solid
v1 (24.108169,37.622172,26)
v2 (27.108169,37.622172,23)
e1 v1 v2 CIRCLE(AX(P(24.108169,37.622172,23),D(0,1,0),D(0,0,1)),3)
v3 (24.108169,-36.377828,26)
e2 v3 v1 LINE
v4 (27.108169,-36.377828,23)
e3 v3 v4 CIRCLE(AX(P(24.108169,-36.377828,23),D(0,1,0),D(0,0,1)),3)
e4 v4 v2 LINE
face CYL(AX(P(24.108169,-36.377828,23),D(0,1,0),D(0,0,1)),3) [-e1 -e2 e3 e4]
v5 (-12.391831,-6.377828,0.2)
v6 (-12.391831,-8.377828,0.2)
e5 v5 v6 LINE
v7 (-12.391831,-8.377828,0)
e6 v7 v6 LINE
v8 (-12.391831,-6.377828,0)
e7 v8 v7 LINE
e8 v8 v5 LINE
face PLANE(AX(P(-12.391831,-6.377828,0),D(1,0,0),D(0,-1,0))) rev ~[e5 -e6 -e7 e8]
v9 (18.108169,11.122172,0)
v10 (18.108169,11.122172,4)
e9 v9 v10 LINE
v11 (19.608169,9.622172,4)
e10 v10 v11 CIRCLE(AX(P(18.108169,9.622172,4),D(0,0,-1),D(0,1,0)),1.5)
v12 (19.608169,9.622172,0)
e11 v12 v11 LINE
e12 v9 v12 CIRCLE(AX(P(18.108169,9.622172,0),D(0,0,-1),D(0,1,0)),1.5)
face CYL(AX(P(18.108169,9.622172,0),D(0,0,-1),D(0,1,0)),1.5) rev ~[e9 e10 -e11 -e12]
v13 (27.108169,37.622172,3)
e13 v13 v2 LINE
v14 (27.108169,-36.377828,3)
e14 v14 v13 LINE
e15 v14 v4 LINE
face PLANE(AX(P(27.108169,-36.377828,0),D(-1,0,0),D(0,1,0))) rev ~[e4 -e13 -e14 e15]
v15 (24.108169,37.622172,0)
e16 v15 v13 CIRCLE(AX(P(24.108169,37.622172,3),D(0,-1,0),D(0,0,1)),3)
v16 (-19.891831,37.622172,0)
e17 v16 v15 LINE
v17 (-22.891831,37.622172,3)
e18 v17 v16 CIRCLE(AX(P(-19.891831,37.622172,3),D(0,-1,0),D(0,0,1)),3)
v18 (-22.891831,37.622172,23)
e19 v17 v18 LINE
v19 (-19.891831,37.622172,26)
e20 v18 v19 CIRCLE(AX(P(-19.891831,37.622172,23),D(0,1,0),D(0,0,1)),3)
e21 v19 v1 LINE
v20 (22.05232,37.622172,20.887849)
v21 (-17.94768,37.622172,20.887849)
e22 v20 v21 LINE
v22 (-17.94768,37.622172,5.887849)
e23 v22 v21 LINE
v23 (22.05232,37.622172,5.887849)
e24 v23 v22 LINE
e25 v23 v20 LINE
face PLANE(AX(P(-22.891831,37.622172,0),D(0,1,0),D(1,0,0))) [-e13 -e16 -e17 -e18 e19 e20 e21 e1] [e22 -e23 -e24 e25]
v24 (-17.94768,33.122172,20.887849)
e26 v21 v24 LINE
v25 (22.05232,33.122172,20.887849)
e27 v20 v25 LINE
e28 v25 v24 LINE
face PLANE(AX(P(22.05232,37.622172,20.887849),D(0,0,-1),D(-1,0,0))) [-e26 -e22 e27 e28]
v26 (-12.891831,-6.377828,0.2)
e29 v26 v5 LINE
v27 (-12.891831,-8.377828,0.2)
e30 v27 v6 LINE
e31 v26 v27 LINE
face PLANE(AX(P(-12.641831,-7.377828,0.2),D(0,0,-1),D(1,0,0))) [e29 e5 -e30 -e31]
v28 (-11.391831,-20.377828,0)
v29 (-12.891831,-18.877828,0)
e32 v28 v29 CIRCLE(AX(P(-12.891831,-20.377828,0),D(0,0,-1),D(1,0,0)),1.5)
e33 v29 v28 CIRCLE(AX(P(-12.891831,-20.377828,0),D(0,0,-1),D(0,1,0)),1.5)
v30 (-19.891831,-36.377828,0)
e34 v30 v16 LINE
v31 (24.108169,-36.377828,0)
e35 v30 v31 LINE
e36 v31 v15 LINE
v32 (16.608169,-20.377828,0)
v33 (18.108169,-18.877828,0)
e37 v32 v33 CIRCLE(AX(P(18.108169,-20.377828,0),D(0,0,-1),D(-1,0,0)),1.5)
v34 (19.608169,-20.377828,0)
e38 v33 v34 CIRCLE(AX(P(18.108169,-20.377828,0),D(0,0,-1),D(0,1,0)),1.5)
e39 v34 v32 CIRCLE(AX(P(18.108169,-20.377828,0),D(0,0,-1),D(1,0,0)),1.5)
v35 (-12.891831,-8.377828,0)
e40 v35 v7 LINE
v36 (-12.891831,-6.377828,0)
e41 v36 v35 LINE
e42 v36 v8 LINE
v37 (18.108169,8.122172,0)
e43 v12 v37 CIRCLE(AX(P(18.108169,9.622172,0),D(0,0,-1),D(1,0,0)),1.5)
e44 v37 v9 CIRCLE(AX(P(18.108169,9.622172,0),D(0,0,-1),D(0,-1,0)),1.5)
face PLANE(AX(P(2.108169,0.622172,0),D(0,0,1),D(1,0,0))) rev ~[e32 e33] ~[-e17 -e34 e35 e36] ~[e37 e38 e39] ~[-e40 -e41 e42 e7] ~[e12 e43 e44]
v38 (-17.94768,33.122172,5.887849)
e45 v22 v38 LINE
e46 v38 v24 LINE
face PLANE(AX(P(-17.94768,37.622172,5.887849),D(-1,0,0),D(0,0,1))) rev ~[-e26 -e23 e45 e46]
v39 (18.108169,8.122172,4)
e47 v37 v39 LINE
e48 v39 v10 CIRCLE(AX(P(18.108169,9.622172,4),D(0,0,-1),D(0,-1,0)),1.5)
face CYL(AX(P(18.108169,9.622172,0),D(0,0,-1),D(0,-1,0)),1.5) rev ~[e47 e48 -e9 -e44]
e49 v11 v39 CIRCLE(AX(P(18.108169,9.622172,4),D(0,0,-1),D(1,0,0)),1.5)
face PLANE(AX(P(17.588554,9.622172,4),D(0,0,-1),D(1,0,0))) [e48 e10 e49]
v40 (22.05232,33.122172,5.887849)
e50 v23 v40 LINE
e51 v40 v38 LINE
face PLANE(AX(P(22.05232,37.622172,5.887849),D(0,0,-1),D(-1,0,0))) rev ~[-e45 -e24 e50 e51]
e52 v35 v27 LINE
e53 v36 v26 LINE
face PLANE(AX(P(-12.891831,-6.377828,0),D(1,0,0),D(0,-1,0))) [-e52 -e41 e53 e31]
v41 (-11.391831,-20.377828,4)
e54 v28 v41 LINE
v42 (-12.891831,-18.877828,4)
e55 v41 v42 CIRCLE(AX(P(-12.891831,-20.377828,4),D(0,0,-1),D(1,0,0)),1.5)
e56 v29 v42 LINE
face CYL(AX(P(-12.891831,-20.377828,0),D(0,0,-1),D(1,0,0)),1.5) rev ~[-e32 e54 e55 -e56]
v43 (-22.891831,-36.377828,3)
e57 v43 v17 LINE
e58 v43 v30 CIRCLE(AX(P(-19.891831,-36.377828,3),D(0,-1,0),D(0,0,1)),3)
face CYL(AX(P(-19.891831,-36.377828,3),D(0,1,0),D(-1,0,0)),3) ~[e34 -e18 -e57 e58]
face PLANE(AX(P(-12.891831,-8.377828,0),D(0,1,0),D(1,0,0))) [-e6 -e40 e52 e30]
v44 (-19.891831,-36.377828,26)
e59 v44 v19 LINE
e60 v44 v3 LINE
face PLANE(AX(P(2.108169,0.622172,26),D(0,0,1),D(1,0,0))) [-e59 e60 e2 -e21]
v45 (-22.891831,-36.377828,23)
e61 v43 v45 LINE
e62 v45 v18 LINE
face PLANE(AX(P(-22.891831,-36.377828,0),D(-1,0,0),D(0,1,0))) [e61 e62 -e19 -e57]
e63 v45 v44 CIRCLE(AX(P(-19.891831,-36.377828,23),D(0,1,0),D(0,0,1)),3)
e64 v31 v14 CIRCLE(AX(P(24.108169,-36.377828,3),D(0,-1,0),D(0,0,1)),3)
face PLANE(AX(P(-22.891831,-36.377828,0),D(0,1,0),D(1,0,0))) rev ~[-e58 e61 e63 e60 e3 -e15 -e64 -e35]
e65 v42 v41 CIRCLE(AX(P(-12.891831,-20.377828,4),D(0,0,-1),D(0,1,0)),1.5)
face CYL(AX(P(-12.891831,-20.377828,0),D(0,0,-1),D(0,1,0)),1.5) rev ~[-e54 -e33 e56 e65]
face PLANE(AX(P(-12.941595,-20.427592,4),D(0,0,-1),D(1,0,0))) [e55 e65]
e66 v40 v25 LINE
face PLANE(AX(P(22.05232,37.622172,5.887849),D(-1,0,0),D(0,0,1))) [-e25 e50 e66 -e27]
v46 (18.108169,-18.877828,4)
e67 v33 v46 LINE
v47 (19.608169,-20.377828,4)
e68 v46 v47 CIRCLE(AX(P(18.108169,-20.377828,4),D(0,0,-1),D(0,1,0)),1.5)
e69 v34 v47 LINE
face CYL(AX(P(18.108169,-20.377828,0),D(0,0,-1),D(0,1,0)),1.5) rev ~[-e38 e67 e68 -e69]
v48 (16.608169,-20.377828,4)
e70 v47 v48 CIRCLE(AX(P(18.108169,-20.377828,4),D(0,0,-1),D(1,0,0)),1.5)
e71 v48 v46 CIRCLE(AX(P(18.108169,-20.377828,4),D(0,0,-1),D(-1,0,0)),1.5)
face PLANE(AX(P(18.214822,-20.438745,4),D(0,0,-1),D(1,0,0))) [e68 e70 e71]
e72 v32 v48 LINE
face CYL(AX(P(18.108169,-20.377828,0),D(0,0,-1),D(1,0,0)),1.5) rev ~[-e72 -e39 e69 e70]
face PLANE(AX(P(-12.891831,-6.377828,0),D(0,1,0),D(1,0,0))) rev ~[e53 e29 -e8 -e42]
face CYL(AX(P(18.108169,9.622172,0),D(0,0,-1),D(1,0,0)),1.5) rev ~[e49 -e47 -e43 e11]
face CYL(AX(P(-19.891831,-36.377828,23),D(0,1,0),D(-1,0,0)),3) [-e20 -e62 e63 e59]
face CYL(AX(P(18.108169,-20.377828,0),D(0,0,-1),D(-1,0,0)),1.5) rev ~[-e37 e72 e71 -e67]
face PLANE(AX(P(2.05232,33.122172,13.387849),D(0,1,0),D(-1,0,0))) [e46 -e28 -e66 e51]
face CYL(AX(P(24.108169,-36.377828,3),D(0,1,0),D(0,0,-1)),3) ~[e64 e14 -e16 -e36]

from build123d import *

# Parameters (mm, degrees)
F0_W     = 50
F0_H     = 74
F1_DEPTH = 26
F2_W     = 40
F2_H     = 15
F3_DEPTH = 4.5
F5_R     = 3
F6_DEPTH = 4
F4_W     = 0.5
F4_H     = 2
F7_DEPTH = 0.2


with BuildPart() as f1:
    # F0 (on Top) → F1 (new body)
    with BuildSketch(Plane.XY):
        with Locations((2.1081687883, 0.6221723649)):
            Rectangle(F0_W, F0_H)
    extrude(amount=F1_DEPTH)

    # F2 (on face) → F3 (cut)
    with BuildSketch(Plane(origin=(0, 37.6221723649, 0), x_dir=(-1, 0, 0), z_dir=(0, 1, 0))):
        with Locations((-2.0523197204, 13.3878487907)):
            Rectangle(F2_W, F2_H)
    extrude(amount=-F3_DEPTH, mode=Mode.SUBTRACT)

    # F5
    f5_edges = [f1.edges().sort_by_distance(p)[0] for p in [
        (27.108169, 0.622172, 0),
        (27.108169, 0.622172, 26),
        (-22.891831, 0.622172, 0),
        (-22.891831, 0.622172, 26),
    ]]
    fillet(f5_edges, radius=F5_R)

    # F4 (on face) → F6 (cut)
    with BuildSketch(Plane(origin=(0, 0, 0), x_dir=(1, 0, 0), z_dir=(0, 0, -1))):
        with BuildLine():
            Line((18.1081687883, 20.3778276351), (18.1081687883, 18.8778276351))
            ThreePointArc((18.1081687883, 18.8778276351), (19.16882896, 19.3171674633), (19.6081687883, 20.3778276351))
            ThreePointArc((19.6081687883, 20.3778276351), (18.1081687883, 21.8778276351), (16.6081687883, 20.3778276351))
            Line((16.6081687883, 20.3778276351), (18.1081687883, 20.3778276351))
        make_face()
        with BuildLine():
            ThreePointArc((16.6081687883, 20.3778276351), (17.0475086165, 19.3171674633), (18.1081687883, 18.8778276351))
            Line((18.1081687883, 18.8778276351), (18.1081687883, 20.3778276351))
            Line((18.1081687883, 20.3778276351), (16.6081687883, 20.3778276351))
        make_face()
        with BuildLine():
            Line((-12.8918312117, 20.3778276351), (-11.3918312117, 20.3778276351))
            ThreePointArc((-11.3918312117, 20.3778276351), (-13.9524913835, 21.4384878068), (-12.8918312117, 18.8778276351))
            Line((-12.8918312117, 18.8778276351), (-12.8918312117, 20.3778276351))
        make_face()
        with BuildLine():
            ThreePointArc((-12.8918312117, 18.8778276351), (-11.83117104, 19.3171674633), (-11.3918312117, 20.3778276351))
            Line((-11.3918312117, 20.3778276351), (-12.8918312117, 20.3778276351))
            Line((-12.8918312117, 20.3778276351), (-12.8918312117, 18.8778276351))
        make_face()
        with BuildLine():
            ThreePointArc((18.1081687883, -8.1221723649), (16.6081687883, -9.6221723649), (18.1081687883, -11.1221723649))
            Line((18.1081687883, -11.1221723649), (18.1081687883, -9.6221723649))
            Line((18.1081687883, -9.6221723649), (18.1081687883, -8.1221723649))
        make_face()
        with BuildLine():
            Line((18.1081687883, -9.6221723649), (18.1081687883, -11.1221723649))
            ThreePointArc((18.1081687883, -11.1221723649), (19.16882896, -10.6828325367), (19.6081687883, -9.6221723649))
            ThreePointArc((19.6081687883, -9.6221723649), (19.16882896, -8.5615121932), (18.1081687883, -8.1221723649))
            Line((18.1081687883, -8.1221723649), (18.1081687883, -9.6221723649))
        make_face()
    extrude(amount=-F6_DEPTH, mode=Mode.SUBTRACT)

    # F4 (on face) → F7 (cut)
    with BuildSketch(Plane(origin=(0, 0, 0), x_dir=(1, 0, 0), z_dir=(0, 0, -1))):
        with Locations((-12.6418312117, 7.3778276351)):
            Rectangle(F4_W, F4_H)
    extrude(amount=-F7_DEPTH, mode=Mode.SUBTRACT)


solid = f1.part
